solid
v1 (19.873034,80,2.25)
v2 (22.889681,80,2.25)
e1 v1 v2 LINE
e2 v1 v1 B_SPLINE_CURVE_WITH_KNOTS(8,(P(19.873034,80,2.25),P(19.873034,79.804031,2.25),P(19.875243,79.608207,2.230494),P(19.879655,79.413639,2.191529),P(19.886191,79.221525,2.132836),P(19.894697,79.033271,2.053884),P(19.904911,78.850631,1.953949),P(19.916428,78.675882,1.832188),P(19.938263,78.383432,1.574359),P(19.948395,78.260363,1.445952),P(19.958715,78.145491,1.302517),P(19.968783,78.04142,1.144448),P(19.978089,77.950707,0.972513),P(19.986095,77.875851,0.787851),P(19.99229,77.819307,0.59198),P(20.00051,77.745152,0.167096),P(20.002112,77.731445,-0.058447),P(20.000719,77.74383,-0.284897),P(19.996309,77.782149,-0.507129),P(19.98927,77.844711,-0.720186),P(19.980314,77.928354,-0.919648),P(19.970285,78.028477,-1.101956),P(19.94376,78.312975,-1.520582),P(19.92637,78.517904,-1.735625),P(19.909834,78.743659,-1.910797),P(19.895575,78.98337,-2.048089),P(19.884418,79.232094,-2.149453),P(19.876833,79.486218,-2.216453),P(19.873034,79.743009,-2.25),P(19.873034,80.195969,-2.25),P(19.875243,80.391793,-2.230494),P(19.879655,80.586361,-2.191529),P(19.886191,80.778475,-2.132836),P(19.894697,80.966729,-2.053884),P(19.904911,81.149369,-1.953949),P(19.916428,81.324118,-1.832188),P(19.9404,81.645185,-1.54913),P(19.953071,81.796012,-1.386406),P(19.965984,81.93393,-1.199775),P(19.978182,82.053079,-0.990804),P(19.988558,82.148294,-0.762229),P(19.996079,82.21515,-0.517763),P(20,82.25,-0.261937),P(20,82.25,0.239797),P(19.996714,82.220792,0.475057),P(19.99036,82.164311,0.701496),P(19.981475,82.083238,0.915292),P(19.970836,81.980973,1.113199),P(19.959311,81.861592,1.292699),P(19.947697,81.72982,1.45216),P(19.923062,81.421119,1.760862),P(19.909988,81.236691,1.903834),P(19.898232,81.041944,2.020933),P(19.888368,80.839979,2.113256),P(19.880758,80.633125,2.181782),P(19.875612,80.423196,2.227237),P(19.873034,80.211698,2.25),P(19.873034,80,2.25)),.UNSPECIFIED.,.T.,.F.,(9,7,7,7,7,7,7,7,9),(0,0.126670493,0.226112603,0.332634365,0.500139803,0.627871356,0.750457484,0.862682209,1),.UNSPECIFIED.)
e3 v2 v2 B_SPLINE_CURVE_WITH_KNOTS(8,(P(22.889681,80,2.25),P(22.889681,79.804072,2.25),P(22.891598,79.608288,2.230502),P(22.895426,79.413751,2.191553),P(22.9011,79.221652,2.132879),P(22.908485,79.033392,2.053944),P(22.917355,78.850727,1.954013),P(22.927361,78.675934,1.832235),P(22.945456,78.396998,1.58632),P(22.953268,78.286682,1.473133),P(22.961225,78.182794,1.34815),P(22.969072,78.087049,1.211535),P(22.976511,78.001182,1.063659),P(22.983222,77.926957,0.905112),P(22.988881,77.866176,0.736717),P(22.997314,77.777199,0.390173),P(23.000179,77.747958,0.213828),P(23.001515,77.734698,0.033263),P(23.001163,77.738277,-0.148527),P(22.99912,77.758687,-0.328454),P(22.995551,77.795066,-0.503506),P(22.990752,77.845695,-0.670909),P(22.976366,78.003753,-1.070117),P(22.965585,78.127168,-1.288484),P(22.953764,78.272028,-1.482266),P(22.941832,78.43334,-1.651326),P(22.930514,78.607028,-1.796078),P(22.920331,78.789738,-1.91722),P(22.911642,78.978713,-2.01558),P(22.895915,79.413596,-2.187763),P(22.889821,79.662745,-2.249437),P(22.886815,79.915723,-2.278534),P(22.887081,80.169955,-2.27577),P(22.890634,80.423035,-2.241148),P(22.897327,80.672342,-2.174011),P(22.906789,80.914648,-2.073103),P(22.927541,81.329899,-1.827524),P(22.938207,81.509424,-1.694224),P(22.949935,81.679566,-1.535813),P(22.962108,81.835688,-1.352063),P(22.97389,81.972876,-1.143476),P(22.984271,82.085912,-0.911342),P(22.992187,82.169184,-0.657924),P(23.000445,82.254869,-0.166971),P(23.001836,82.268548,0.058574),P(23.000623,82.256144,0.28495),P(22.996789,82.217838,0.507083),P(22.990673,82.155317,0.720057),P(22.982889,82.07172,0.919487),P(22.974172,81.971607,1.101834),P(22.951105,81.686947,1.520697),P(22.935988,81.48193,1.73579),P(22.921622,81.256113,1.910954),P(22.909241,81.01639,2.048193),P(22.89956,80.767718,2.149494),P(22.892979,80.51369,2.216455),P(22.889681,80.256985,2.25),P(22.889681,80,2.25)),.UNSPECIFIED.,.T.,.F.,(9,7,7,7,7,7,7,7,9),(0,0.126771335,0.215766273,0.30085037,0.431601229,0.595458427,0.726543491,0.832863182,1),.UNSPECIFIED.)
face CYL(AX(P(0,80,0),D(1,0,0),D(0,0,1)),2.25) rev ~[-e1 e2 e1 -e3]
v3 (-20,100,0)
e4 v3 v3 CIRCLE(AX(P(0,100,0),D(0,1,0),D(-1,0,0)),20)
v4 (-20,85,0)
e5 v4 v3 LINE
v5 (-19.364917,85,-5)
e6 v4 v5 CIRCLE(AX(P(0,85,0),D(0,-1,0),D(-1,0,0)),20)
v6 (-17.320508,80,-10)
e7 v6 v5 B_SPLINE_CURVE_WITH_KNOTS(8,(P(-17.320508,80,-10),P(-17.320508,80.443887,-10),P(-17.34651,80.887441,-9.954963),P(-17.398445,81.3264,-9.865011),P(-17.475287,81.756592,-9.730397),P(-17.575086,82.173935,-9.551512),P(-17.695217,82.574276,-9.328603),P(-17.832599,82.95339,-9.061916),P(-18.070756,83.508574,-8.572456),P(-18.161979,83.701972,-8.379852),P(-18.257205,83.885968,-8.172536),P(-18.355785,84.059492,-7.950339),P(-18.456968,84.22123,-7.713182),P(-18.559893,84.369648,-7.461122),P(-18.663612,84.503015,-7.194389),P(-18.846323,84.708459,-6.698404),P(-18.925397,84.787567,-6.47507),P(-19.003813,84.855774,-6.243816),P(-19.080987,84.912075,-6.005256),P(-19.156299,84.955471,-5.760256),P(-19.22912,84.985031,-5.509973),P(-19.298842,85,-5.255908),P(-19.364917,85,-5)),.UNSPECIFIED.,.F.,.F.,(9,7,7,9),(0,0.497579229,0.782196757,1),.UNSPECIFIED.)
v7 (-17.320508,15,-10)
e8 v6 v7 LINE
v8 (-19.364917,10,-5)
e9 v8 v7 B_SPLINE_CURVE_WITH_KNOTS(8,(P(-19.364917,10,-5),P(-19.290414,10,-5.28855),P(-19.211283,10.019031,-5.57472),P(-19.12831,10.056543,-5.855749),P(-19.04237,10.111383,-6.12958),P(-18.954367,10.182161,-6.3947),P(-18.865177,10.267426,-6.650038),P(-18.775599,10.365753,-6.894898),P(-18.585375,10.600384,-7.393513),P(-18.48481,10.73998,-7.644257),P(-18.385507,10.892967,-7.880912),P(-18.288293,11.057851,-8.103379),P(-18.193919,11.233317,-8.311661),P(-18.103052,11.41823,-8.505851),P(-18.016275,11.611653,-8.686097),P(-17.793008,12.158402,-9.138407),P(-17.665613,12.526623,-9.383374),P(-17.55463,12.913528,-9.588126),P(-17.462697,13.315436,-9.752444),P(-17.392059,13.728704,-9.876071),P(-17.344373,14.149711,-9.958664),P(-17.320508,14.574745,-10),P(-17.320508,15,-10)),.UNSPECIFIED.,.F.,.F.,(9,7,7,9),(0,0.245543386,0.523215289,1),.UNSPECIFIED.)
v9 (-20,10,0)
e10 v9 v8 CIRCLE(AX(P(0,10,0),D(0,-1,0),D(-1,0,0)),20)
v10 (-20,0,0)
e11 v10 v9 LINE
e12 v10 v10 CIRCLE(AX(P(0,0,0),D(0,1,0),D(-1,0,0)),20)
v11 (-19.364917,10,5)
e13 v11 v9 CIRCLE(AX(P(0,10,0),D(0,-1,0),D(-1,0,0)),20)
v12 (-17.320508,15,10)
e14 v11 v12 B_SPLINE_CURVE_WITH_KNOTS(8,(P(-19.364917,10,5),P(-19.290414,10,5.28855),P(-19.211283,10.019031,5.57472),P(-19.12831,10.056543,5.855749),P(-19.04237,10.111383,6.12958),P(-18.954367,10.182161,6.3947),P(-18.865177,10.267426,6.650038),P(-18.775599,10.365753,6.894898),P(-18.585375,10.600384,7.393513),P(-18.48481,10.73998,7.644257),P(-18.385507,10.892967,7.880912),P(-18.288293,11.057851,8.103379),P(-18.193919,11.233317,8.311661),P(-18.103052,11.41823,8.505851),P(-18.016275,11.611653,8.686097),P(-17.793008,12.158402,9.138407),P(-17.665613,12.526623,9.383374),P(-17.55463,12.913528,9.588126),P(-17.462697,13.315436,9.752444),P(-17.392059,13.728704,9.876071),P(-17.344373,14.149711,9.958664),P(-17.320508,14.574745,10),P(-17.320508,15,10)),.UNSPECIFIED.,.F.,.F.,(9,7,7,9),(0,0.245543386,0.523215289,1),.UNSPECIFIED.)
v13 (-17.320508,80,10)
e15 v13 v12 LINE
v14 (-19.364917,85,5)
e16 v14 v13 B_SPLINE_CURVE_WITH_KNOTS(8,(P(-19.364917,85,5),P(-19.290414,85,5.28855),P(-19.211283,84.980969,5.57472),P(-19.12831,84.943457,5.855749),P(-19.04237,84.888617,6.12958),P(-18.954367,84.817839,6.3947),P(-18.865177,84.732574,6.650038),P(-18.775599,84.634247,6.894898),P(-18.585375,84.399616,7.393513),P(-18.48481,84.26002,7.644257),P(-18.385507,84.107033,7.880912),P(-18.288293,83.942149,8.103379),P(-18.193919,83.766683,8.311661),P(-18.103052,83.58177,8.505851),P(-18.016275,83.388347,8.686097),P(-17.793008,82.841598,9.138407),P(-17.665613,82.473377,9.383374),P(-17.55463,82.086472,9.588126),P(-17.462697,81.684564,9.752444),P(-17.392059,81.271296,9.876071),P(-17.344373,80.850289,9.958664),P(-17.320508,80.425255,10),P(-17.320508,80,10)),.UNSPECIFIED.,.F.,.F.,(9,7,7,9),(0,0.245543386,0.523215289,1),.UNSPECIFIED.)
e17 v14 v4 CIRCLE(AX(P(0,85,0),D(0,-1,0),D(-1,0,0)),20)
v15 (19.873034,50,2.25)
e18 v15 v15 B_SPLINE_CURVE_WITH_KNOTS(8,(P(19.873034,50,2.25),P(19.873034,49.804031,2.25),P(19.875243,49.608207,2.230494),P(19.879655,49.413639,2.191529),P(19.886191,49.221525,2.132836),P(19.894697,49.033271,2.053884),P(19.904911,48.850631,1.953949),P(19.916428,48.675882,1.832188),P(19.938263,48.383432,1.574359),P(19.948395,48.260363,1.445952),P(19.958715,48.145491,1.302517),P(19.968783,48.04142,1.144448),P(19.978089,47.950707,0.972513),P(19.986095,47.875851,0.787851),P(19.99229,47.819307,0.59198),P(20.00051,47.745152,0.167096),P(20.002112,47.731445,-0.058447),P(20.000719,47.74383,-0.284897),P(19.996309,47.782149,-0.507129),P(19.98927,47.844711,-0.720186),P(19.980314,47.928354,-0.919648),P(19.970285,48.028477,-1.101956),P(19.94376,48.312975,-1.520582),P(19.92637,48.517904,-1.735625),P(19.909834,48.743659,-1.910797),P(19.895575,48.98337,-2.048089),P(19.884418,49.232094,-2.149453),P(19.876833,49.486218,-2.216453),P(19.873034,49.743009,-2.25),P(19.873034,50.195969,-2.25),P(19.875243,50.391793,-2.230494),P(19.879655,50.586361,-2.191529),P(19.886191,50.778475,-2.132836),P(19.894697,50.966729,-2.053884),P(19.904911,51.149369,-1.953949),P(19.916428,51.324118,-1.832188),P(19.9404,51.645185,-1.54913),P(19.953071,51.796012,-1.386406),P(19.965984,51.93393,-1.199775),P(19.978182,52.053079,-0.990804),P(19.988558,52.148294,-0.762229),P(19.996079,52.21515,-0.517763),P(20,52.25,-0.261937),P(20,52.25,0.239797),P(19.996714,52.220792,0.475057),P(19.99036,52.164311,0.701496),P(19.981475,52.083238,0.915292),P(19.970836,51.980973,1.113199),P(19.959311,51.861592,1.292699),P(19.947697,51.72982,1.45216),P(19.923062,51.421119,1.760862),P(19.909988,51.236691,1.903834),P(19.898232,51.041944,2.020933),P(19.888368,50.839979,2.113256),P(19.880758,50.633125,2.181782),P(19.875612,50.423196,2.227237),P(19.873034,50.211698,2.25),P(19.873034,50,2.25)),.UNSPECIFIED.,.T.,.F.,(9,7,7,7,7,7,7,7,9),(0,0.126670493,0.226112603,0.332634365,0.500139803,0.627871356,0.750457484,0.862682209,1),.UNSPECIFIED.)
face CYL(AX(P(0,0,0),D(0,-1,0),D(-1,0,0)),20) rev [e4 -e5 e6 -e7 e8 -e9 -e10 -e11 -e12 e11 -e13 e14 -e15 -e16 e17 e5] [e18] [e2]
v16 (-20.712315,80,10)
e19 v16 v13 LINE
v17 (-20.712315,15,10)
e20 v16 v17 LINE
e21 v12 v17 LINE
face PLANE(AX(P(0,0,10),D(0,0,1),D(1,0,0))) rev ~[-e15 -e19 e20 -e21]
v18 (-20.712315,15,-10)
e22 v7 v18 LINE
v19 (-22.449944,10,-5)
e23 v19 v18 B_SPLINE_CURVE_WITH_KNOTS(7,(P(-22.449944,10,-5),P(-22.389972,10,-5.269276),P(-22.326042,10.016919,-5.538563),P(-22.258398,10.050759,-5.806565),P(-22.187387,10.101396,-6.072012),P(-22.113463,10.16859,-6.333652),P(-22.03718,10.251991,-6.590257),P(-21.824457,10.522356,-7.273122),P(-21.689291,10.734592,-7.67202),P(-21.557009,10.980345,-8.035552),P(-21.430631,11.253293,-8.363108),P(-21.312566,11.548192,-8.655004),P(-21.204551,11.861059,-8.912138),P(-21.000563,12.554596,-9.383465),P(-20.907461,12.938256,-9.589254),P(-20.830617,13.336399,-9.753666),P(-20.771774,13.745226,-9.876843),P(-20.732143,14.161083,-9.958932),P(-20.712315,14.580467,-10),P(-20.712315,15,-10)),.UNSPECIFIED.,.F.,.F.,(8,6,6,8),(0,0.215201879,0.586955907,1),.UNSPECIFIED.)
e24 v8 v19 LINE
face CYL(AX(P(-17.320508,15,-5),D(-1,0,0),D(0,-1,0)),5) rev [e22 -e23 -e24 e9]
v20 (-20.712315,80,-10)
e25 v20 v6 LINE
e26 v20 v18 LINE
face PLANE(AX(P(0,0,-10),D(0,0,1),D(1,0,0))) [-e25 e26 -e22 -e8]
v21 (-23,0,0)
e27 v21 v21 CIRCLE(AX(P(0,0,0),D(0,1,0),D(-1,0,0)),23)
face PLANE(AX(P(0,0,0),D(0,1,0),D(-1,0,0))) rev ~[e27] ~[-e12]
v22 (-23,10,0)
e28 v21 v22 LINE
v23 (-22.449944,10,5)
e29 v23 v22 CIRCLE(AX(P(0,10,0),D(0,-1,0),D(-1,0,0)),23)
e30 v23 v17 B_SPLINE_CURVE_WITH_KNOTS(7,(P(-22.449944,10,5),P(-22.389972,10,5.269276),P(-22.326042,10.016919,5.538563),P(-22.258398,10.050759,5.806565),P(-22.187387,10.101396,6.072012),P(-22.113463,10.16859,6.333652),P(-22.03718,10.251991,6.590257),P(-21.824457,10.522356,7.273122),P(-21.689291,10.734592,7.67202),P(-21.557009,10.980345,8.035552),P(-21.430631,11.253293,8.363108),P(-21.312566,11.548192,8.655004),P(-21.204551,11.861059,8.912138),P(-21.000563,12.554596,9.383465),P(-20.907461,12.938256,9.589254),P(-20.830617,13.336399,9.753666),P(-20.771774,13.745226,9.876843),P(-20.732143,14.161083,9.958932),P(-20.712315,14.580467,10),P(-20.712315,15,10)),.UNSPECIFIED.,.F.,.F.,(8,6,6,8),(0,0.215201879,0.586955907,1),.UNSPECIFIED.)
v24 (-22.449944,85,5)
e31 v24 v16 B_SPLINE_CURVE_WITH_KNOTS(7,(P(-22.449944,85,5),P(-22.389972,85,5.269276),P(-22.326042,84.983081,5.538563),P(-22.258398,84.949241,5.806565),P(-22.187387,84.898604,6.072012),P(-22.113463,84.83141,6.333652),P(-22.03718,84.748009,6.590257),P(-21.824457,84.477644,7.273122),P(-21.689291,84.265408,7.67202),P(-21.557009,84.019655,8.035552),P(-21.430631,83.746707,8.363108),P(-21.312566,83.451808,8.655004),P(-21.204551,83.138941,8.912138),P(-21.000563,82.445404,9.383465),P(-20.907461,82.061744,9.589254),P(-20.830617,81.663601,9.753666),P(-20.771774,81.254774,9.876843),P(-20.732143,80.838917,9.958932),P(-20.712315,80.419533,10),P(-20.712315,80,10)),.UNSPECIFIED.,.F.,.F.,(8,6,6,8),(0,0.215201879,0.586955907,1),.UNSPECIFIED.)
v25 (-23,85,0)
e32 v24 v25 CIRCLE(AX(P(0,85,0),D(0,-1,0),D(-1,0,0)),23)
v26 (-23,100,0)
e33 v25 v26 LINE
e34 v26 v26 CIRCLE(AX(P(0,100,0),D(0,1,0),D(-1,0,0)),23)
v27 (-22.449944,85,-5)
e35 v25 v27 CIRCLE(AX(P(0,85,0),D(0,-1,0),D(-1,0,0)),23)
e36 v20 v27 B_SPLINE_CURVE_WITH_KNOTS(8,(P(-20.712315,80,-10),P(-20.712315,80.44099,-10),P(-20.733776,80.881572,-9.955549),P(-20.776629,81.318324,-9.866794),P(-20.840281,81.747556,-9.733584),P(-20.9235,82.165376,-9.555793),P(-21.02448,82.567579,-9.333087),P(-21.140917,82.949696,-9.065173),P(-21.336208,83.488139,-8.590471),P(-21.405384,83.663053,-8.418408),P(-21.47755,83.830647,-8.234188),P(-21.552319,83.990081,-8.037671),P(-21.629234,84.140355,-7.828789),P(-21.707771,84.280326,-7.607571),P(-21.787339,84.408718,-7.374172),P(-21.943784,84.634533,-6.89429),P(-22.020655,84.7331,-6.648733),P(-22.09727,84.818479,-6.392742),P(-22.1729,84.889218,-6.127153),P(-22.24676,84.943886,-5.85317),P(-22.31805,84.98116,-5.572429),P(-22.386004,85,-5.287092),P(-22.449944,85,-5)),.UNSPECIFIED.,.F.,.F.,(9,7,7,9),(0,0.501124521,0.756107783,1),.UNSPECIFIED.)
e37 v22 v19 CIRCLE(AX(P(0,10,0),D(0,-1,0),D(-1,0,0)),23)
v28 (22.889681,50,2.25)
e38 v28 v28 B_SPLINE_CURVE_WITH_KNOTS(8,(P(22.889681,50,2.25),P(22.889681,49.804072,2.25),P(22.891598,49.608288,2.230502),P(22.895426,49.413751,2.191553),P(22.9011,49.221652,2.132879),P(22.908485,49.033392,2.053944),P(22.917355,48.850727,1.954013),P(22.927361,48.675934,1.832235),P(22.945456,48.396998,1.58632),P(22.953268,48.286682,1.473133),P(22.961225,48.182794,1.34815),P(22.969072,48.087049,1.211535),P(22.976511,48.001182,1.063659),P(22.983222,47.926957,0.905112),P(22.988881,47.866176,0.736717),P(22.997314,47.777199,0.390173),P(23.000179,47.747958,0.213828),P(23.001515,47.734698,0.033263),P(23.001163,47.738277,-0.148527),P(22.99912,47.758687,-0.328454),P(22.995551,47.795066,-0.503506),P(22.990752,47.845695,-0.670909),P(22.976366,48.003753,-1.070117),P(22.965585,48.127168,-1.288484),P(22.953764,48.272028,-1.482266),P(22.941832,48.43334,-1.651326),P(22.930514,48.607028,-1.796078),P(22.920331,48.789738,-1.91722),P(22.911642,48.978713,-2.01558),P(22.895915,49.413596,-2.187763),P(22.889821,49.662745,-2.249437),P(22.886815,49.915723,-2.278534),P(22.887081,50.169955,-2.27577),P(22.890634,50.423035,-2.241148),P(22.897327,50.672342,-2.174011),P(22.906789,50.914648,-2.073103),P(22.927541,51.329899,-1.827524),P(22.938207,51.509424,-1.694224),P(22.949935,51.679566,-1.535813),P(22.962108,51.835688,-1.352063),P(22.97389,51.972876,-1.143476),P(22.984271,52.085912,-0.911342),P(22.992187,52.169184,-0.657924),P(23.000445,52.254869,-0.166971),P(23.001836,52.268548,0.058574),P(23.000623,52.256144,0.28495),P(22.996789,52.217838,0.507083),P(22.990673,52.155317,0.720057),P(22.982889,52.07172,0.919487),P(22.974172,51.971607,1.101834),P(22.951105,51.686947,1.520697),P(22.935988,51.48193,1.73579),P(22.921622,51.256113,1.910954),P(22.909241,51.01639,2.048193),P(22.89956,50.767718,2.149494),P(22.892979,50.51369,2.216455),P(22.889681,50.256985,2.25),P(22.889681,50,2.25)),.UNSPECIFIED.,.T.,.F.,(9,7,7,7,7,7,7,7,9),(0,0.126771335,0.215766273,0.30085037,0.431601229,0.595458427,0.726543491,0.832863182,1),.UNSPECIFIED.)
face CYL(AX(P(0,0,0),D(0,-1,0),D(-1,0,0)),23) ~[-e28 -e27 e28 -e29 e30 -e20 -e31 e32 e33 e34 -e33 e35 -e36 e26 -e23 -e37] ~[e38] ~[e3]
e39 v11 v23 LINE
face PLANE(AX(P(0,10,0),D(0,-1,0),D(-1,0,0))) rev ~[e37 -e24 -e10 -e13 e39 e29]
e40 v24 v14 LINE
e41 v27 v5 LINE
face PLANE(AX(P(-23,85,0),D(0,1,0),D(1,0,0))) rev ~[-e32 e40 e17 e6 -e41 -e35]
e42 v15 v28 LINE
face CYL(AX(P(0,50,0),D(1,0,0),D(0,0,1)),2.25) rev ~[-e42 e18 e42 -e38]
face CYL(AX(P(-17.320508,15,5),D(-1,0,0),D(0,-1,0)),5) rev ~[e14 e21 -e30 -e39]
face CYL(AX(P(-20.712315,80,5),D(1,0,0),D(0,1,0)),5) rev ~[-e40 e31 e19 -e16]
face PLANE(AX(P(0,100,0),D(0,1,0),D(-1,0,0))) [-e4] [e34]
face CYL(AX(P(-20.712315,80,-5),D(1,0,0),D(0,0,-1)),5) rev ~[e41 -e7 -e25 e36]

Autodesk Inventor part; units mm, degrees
ref_plane "YZ Plane" through (0, 0, 0) normal (1, 0, 0) x (0, 1, 0)
ref_plane "XZ Plane" through (0, 0, 0) normal (0, 1, 0) x (-1, 0, 0)
ref_plane "XY Plane" through (0, 0, 0) normal (0, 0, 1) x (1, 0, 0)
sketch "Sketch1" plane through (0, 0, 0) normal (0, 1, 0) x (-1, 0, 0)
  circle A0 centre (0, 0) radius 23
  circle A1 centre (0, 0) radius 20
  dimension "d0" = 3
  dimension "d1" = 40
extrude "Extrusion1" add sketch "Sketch1" along normal blind 100
sketch "Sketch2" plane through (0, 0, 0) normal (0, 0, 1) x (1, 0, 0)
  line L0 (-23, 85) -> (0, 85)
  line L1 (0, 85) -> (0, 10)
  line L2 (0, 10) -> (-23, 10)
  line L3 (-23, 10) -> (-23, 85)
  line L4 (23, 100) -> (-23, 100) projected
  line L5 (-23, 0) -> (23, 0) projected
  point P0 (0, 0)
  dimension "d4" = 75
  dimension "d5" = 10
extrude "Extrusion2" cut sketch "Sketch2" along normal mid plane 20
fillet "Fillet1" radius 5 4 edges at (-19.0164, 85, -10) (-19.0164, 85, 10) (-19.0164, 10, 10) (-19.0164, 10, -10)
sketch "Sketch3" plane through (0, 0, 0) normal (1, 0, 0) x (0, 1, 0)
  line L0 (-20, 0) -> (120, 0) projected
  line L1 (85, -5) -> (85, 5) projected
  line L2 (100, 20) -> (100, -20) projected
  point P0 (0, 0)
  point P1 (80, 0)
  point P2 (50, 0)
  dimension "d9" = 30
  dimension "d18" = 20
hole "Hole1" at (0, 80, 0) at (0, 50, 0) direction (1, 0, 0) diameter 4.5 end through all clearance for "Socket Head Cap Screw" size "M4" standard "Ansi Metric M Profile"
properties part number "Pancake_PVC Pipe" material "PVC-Piping"
